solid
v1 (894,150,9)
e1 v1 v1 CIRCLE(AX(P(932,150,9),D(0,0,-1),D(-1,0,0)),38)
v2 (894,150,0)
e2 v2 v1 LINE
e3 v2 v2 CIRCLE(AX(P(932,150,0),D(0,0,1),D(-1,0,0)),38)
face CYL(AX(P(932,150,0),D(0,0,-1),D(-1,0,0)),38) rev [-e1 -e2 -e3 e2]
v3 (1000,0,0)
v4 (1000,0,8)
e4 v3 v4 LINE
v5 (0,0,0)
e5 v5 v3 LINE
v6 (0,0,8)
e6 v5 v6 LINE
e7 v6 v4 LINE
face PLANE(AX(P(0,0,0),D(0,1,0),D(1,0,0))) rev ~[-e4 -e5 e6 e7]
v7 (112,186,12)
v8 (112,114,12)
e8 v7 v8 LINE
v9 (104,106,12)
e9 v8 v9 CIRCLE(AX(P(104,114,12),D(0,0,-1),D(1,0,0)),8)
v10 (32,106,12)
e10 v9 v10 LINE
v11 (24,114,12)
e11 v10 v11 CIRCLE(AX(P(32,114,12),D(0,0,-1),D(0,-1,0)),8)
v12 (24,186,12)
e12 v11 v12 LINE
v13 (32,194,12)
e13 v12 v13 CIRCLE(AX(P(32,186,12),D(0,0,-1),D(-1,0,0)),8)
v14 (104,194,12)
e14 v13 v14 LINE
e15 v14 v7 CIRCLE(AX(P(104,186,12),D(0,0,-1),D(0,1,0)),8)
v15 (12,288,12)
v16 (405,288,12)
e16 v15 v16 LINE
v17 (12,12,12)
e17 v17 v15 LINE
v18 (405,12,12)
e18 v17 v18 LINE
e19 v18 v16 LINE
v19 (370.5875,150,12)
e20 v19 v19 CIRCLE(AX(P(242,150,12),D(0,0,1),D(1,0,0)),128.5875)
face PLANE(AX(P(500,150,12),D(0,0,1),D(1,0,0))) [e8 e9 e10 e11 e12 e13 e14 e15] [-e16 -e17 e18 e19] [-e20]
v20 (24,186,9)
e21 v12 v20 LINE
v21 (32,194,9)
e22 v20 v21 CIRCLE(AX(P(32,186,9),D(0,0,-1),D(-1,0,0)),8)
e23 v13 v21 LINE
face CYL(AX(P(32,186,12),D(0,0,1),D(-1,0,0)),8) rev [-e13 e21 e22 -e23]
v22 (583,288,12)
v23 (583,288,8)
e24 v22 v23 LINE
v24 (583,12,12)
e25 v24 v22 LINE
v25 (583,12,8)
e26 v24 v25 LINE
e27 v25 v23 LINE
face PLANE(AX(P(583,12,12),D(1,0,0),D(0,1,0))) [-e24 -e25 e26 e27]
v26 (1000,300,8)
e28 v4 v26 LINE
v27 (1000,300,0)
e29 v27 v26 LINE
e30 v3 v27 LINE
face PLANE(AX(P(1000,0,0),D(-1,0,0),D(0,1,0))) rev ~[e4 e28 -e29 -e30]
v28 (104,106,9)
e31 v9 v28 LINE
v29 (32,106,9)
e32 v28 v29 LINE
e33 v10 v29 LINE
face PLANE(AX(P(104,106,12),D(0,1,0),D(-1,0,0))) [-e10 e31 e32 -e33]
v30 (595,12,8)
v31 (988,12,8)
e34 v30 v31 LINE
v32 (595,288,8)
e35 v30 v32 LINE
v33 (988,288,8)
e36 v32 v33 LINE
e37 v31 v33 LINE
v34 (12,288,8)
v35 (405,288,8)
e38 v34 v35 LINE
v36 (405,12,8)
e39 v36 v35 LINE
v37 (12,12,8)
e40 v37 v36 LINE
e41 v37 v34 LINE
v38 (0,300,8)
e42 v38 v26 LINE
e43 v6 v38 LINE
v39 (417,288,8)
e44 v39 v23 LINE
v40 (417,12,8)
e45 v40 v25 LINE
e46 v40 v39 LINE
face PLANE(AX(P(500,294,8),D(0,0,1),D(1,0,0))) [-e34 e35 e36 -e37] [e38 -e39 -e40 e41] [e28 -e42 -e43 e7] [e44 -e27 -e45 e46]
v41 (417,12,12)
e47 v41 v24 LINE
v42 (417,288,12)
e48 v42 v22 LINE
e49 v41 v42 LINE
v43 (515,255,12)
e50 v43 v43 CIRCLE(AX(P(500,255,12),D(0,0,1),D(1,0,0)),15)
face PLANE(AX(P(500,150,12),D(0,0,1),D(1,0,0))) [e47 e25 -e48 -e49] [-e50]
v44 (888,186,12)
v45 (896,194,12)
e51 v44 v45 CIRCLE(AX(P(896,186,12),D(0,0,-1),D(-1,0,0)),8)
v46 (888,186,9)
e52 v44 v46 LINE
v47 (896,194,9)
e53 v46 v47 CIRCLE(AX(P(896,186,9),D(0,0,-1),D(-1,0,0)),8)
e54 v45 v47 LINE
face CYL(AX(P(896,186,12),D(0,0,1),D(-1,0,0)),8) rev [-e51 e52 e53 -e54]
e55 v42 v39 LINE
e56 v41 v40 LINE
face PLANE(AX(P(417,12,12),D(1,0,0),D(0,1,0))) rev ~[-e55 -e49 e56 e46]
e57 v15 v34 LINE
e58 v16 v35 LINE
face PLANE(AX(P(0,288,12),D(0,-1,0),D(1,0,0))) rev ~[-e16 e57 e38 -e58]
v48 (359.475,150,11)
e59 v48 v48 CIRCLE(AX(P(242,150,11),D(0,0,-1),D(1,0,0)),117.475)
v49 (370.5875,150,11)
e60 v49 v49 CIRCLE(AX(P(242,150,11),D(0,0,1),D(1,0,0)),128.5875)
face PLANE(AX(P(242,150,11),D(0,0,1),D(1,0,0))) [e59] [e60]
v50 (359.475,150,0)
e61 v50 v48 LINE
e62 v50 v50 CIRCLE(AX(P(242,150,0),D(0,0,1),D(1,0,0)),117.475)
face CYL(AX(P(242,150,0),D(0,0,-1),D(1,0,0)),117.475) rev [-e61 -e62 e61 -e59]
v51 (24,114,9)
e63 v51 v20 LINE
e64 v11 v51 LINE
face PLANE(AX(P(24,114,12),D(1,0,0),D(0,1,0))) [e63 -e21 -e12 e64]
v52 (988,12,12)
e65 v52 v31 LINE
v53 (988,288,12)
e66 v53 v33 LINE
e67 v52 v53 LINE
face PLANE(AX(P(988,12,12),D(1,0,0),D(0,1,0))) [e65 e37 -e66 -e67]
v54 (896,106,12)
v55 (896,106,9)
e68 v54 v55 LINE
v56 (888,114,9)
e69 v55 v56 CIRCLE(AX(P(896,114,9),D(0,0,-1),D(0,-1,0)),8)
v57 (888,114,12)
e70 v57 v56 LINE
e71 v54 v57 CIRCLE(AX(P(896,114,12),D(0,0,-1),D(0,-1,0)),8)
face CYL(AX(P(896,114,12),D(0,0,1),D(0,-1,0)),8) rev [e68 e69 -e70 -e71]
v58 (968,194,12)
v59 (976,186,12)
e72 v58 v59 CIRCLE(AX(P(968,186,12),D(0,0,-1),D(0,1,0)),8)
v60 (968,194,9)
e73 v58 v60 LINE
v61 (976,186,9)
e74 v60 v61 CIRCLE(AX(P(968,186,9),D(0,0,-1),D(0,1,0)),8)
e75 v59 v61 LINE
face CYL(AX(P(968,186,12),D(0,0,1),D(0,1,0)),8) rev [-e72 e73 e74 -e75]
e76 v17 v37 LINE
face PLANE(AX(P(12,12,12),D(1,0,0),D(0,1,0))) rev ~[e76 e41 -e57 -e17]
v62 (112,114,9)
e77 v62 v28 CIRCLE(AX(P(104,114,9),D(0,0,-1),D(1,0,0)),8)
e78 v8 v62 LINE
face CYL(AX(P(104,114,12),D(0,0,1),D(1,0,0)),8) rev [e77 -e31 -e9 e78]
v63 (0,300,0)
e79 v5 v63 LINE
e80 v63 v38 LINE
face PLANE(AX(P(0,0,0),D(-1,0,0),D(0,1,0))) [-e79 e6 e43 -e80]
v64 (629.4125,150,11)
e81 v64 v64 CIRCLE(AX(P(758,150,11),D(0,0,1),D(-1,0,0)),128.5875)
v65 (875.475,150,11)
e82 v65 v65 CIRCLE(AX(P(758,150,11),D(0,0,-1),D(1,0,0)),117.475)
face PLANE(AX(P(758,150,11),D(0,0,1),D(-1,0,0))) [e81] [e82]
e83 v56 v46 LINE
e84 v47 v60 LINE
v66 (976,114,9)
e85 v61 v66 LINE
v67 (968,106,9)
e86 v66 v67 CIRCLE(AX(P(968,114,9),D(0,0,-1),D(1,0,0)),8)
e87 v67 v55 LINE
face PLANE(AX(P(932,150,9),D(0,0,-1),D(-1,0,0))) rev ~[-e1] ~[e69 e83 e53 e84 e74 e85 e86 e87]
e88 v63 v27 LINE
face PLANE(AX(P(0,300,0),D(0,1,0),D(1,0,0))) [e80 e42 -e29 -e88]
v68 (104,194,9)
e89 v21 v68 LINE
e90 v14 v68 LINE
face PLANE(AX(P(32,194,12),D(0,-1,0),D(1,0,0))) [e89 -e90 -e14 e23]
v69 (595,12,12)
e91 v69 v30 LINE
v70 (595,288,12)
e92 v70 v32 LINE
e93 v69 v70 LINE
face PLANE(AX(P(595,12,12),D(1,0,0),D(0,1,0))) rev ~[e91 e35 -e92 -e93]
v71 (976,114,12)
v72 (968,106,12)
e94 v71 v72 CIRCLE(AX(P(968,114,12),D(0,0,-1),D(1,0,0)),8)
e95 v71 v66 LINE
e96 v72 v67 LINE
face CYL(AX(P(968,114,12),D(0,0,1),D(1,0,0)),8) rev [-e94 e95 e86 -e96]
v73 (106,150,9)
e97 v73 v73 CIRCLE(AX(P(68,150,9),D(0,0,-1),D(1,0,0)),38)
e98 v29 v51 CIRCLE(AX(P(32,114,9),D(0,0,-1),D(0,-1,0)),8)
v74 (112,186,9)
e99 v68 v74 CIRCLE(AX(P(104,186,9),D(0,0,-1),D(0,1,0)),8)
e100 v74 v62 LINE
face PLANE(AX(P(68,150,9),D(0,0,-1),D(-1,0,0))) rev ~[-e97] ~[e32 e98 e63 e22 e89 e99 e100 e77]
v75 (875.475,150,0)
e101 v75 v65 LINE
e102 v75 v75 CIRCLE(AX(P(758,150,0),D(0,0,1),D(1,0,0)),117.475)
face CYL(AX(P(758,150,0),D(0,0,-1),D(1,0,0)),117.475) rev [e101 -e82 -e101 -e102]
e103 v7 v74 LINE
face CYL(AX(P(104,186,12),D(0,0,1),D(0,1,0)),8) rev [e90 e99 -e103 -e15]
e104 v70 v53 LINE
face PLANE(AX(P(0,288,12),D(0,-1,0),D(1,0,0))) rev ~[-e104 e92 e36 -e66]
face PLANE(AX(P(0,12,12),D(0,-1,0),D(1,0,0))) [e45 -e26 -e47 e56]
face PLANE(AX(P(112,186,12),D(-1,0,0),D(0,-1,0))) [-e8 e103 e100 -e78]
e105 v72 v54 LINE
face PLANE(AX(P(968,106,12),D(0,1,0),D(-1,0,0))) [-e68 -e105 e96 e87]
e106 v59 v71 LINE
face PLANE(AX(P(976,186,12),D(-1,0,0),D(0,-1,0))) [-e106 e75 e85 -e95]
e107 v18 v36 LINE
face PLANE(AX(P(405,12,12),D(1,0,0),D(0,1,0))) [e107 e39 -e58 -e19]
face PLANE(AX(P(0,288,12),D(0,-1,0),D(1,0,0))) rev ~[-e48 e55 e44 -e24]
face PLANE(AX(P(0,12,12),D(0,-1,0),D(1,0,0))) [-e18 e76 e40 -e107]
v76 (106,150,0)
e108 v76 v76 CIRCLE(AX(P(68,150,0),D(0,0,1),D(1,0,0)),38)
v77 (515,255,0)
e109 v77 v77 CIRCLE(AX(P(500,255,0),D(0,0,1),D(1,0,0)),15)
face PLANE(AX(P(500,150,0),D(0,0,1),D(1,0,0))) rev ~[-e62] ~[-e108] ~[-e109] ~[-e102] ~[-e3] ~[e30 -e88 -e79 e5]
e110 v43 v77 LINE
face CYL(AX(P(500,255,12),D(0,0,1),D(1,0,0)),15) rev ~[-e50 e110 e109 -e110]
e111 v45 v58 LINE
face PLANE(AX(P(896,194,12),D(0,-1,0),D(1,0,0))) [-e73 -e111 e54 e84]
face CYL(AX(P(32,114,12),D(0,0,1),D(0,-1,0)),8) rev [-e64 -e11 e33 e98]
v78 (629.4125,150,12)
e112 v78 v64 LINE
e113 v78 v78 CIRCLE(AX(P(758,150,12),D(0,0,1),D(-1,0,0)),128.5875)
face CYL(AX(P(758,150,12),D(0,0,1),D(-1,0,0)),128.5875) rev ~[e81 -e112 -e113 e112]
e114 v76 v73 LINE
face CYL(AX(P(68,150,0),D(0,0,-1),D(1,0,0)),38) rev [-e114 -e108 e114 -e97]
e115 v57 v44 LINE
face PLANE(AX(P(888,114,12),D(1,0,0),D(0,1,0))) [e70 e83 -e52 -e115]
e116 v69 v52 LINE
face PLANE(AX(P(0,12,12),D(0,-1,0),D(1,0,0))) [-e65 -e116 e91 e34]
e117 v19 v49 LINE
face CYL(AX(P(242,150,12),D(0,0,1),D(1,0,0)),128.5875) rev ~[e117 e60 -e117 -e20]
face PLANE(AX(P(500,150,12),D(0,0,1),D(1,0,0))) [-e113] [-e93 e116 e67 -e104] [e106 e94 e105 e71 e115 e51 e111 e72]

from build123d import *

# Parameters (mm, degrees)
PANEL_W                      = 1000
PANEL_H                      = 300
PANEL_R                      = 117.475
PANEL_R_2                    = 38
PANEL_PLY_DEPTH              = 12
PIZEO_POCKET_CUT_DEPTH       = 3
SKETCH6_R                    = 15
CORD_CUT_DEPTH               = 12
SKETCH7_W                    = 1000
SKETCH7_H                    = 12
HORIZONTAL_HOUSING_CUT_DEPTH = 4
SKETCH8_W                    = 12
SKETCH8_H                    = 276
VERTICAL_HOUSING_CUT_DEPTH   = 4
SKETCH9_R                    = 128.5875
CUT_EXTRUDE1_DEPTH           = 1


with BuildPart() as part:
    # Panel → Panel Ply (new body)
    with BuildSketch(Plane.XY):
        with Locations((500, 150)):
            Rectangle(PANEL_W, PANEL_H)
        with Locations((242, 150)):
            Circle(PANEL_R, mode=Mode.SUBTRACT)
        with Locations((758, 150)):
            Circle(PANEL_R, mode=Mode.SUBTRACT)
        with Locations((68, 150)):
            Circle(PANEL_R_2, mode=Mode.SUBTRACT)
        with Locations(Location((932, 150, 0), (0, 0, 180))):
            Circle(PANEL_R_2, mode=Mode.SUBTRACT)
    extrude(amount=PANEL_PLY_DEPTH)

    # Sketch4 → Pizeo Pocket Cut (cut)
    with BuildSketch(Plane.XY.offset(12)):
        with BuildLine():
            Line((32, 194), (104, 194))
            ThreePointArc((104, 194), (109.656854249, 191.656854249), (112, 186))
            Line((112, 186), (112, 114))
            ThreePointArc((112, 114), (109.656854249, 108.343145751), (104, 106))
            Line((104, 106), (32, 106))
            ThreePointArc((32, 106), (26.343145751, 108.343145751), (24, 114))
            Line((24, 114), (24, 186))
            ThreePointArc((24, 186), (26.343145751, 191.656854249), (32, 194))
        make_face()
        with BuildLine():
            Line((968, 106), (896, 106))
            ThreePointArc((896, 106), (890.343145751, 108.343145751), (888, 114))
            Line((888, 114), (888, 186))
            ThreePointArc((888, 186), (890.343145751, 191.656854249), (896, 194))
            Line((896, 194), (968, 194))
            ThreePointArc((968, 194), (973.656854249, 191.656854249), (976, 186))
            Line((976, 186), (976, 114))
            ThreePointArc((976, 114), (973.656854249, 108.343145751), (968, 106))
        make_face()
    extrude(amount=-PIZEO_POCKET_CUT_DEPTH, mode=Mode.SUBTRACT)

    # Sketch6 → Cord Cut (cut)
    with BuildSketch(Plane.XY.offset(12)):
        with Locations((500, 255)):
            Circle(SKETCH6_R)
    extrude(amount=-CORD_CUT_DEPTH, mode=Mode.SUBTRACT)

    # Sketch7 → Horizontal Housing Cut (cut)
    with BuildSketch(Plane.XY.offset(12)):
        with Locations((500, 294)):
            Rectangle(SKETCH7_W, SKETCH7_H)
        with Locations((500, 6)):
            Rectangle(SKETCH7_W, SKETCH7_H)
    extrude(amount=-HORIZONTAL_HOUSING_CUT_DEPTH, mode=Mode.SUBTRACT)

    # Sketch8 → Vertical Housing Cut (cut)
    with BuildSketch(Plane.XY.offset(12)):
        with Locations((6, 150)):
            Rectangle(SKETCH8_W, SKETCH8_H)
        with Locations((994, 150)):
            Rectangle(SKETCH8_W, SKETCH8_H)
        with Locations((411, 150)):
            Rectangle(SKETCH8_W, SKETCH8_H)
        with Locations((589, 150)):
            Rectangle(SKETCH8_W, SKETCH8_H)
    extrude(amount=-VERTICAL_HOUSING_CUT_DEPTH, mode=Mode.SUBTRACT)

    # Sketch9 → Cut-Extrude1 (cut)
    with BuildSketch(Plane.XY.offset(12)):
        with Locations((242, 150)):
            Circle(SKETCH9_R)
        with Locations(Location((758, 150, 0), (0, 0, 180))):
            Circle(SKETCH9_R)
    extrude(amount=-CUT_EXTRUDE1_DEPTH, mode=Mode.SUBTRACT)


solid = part.part
